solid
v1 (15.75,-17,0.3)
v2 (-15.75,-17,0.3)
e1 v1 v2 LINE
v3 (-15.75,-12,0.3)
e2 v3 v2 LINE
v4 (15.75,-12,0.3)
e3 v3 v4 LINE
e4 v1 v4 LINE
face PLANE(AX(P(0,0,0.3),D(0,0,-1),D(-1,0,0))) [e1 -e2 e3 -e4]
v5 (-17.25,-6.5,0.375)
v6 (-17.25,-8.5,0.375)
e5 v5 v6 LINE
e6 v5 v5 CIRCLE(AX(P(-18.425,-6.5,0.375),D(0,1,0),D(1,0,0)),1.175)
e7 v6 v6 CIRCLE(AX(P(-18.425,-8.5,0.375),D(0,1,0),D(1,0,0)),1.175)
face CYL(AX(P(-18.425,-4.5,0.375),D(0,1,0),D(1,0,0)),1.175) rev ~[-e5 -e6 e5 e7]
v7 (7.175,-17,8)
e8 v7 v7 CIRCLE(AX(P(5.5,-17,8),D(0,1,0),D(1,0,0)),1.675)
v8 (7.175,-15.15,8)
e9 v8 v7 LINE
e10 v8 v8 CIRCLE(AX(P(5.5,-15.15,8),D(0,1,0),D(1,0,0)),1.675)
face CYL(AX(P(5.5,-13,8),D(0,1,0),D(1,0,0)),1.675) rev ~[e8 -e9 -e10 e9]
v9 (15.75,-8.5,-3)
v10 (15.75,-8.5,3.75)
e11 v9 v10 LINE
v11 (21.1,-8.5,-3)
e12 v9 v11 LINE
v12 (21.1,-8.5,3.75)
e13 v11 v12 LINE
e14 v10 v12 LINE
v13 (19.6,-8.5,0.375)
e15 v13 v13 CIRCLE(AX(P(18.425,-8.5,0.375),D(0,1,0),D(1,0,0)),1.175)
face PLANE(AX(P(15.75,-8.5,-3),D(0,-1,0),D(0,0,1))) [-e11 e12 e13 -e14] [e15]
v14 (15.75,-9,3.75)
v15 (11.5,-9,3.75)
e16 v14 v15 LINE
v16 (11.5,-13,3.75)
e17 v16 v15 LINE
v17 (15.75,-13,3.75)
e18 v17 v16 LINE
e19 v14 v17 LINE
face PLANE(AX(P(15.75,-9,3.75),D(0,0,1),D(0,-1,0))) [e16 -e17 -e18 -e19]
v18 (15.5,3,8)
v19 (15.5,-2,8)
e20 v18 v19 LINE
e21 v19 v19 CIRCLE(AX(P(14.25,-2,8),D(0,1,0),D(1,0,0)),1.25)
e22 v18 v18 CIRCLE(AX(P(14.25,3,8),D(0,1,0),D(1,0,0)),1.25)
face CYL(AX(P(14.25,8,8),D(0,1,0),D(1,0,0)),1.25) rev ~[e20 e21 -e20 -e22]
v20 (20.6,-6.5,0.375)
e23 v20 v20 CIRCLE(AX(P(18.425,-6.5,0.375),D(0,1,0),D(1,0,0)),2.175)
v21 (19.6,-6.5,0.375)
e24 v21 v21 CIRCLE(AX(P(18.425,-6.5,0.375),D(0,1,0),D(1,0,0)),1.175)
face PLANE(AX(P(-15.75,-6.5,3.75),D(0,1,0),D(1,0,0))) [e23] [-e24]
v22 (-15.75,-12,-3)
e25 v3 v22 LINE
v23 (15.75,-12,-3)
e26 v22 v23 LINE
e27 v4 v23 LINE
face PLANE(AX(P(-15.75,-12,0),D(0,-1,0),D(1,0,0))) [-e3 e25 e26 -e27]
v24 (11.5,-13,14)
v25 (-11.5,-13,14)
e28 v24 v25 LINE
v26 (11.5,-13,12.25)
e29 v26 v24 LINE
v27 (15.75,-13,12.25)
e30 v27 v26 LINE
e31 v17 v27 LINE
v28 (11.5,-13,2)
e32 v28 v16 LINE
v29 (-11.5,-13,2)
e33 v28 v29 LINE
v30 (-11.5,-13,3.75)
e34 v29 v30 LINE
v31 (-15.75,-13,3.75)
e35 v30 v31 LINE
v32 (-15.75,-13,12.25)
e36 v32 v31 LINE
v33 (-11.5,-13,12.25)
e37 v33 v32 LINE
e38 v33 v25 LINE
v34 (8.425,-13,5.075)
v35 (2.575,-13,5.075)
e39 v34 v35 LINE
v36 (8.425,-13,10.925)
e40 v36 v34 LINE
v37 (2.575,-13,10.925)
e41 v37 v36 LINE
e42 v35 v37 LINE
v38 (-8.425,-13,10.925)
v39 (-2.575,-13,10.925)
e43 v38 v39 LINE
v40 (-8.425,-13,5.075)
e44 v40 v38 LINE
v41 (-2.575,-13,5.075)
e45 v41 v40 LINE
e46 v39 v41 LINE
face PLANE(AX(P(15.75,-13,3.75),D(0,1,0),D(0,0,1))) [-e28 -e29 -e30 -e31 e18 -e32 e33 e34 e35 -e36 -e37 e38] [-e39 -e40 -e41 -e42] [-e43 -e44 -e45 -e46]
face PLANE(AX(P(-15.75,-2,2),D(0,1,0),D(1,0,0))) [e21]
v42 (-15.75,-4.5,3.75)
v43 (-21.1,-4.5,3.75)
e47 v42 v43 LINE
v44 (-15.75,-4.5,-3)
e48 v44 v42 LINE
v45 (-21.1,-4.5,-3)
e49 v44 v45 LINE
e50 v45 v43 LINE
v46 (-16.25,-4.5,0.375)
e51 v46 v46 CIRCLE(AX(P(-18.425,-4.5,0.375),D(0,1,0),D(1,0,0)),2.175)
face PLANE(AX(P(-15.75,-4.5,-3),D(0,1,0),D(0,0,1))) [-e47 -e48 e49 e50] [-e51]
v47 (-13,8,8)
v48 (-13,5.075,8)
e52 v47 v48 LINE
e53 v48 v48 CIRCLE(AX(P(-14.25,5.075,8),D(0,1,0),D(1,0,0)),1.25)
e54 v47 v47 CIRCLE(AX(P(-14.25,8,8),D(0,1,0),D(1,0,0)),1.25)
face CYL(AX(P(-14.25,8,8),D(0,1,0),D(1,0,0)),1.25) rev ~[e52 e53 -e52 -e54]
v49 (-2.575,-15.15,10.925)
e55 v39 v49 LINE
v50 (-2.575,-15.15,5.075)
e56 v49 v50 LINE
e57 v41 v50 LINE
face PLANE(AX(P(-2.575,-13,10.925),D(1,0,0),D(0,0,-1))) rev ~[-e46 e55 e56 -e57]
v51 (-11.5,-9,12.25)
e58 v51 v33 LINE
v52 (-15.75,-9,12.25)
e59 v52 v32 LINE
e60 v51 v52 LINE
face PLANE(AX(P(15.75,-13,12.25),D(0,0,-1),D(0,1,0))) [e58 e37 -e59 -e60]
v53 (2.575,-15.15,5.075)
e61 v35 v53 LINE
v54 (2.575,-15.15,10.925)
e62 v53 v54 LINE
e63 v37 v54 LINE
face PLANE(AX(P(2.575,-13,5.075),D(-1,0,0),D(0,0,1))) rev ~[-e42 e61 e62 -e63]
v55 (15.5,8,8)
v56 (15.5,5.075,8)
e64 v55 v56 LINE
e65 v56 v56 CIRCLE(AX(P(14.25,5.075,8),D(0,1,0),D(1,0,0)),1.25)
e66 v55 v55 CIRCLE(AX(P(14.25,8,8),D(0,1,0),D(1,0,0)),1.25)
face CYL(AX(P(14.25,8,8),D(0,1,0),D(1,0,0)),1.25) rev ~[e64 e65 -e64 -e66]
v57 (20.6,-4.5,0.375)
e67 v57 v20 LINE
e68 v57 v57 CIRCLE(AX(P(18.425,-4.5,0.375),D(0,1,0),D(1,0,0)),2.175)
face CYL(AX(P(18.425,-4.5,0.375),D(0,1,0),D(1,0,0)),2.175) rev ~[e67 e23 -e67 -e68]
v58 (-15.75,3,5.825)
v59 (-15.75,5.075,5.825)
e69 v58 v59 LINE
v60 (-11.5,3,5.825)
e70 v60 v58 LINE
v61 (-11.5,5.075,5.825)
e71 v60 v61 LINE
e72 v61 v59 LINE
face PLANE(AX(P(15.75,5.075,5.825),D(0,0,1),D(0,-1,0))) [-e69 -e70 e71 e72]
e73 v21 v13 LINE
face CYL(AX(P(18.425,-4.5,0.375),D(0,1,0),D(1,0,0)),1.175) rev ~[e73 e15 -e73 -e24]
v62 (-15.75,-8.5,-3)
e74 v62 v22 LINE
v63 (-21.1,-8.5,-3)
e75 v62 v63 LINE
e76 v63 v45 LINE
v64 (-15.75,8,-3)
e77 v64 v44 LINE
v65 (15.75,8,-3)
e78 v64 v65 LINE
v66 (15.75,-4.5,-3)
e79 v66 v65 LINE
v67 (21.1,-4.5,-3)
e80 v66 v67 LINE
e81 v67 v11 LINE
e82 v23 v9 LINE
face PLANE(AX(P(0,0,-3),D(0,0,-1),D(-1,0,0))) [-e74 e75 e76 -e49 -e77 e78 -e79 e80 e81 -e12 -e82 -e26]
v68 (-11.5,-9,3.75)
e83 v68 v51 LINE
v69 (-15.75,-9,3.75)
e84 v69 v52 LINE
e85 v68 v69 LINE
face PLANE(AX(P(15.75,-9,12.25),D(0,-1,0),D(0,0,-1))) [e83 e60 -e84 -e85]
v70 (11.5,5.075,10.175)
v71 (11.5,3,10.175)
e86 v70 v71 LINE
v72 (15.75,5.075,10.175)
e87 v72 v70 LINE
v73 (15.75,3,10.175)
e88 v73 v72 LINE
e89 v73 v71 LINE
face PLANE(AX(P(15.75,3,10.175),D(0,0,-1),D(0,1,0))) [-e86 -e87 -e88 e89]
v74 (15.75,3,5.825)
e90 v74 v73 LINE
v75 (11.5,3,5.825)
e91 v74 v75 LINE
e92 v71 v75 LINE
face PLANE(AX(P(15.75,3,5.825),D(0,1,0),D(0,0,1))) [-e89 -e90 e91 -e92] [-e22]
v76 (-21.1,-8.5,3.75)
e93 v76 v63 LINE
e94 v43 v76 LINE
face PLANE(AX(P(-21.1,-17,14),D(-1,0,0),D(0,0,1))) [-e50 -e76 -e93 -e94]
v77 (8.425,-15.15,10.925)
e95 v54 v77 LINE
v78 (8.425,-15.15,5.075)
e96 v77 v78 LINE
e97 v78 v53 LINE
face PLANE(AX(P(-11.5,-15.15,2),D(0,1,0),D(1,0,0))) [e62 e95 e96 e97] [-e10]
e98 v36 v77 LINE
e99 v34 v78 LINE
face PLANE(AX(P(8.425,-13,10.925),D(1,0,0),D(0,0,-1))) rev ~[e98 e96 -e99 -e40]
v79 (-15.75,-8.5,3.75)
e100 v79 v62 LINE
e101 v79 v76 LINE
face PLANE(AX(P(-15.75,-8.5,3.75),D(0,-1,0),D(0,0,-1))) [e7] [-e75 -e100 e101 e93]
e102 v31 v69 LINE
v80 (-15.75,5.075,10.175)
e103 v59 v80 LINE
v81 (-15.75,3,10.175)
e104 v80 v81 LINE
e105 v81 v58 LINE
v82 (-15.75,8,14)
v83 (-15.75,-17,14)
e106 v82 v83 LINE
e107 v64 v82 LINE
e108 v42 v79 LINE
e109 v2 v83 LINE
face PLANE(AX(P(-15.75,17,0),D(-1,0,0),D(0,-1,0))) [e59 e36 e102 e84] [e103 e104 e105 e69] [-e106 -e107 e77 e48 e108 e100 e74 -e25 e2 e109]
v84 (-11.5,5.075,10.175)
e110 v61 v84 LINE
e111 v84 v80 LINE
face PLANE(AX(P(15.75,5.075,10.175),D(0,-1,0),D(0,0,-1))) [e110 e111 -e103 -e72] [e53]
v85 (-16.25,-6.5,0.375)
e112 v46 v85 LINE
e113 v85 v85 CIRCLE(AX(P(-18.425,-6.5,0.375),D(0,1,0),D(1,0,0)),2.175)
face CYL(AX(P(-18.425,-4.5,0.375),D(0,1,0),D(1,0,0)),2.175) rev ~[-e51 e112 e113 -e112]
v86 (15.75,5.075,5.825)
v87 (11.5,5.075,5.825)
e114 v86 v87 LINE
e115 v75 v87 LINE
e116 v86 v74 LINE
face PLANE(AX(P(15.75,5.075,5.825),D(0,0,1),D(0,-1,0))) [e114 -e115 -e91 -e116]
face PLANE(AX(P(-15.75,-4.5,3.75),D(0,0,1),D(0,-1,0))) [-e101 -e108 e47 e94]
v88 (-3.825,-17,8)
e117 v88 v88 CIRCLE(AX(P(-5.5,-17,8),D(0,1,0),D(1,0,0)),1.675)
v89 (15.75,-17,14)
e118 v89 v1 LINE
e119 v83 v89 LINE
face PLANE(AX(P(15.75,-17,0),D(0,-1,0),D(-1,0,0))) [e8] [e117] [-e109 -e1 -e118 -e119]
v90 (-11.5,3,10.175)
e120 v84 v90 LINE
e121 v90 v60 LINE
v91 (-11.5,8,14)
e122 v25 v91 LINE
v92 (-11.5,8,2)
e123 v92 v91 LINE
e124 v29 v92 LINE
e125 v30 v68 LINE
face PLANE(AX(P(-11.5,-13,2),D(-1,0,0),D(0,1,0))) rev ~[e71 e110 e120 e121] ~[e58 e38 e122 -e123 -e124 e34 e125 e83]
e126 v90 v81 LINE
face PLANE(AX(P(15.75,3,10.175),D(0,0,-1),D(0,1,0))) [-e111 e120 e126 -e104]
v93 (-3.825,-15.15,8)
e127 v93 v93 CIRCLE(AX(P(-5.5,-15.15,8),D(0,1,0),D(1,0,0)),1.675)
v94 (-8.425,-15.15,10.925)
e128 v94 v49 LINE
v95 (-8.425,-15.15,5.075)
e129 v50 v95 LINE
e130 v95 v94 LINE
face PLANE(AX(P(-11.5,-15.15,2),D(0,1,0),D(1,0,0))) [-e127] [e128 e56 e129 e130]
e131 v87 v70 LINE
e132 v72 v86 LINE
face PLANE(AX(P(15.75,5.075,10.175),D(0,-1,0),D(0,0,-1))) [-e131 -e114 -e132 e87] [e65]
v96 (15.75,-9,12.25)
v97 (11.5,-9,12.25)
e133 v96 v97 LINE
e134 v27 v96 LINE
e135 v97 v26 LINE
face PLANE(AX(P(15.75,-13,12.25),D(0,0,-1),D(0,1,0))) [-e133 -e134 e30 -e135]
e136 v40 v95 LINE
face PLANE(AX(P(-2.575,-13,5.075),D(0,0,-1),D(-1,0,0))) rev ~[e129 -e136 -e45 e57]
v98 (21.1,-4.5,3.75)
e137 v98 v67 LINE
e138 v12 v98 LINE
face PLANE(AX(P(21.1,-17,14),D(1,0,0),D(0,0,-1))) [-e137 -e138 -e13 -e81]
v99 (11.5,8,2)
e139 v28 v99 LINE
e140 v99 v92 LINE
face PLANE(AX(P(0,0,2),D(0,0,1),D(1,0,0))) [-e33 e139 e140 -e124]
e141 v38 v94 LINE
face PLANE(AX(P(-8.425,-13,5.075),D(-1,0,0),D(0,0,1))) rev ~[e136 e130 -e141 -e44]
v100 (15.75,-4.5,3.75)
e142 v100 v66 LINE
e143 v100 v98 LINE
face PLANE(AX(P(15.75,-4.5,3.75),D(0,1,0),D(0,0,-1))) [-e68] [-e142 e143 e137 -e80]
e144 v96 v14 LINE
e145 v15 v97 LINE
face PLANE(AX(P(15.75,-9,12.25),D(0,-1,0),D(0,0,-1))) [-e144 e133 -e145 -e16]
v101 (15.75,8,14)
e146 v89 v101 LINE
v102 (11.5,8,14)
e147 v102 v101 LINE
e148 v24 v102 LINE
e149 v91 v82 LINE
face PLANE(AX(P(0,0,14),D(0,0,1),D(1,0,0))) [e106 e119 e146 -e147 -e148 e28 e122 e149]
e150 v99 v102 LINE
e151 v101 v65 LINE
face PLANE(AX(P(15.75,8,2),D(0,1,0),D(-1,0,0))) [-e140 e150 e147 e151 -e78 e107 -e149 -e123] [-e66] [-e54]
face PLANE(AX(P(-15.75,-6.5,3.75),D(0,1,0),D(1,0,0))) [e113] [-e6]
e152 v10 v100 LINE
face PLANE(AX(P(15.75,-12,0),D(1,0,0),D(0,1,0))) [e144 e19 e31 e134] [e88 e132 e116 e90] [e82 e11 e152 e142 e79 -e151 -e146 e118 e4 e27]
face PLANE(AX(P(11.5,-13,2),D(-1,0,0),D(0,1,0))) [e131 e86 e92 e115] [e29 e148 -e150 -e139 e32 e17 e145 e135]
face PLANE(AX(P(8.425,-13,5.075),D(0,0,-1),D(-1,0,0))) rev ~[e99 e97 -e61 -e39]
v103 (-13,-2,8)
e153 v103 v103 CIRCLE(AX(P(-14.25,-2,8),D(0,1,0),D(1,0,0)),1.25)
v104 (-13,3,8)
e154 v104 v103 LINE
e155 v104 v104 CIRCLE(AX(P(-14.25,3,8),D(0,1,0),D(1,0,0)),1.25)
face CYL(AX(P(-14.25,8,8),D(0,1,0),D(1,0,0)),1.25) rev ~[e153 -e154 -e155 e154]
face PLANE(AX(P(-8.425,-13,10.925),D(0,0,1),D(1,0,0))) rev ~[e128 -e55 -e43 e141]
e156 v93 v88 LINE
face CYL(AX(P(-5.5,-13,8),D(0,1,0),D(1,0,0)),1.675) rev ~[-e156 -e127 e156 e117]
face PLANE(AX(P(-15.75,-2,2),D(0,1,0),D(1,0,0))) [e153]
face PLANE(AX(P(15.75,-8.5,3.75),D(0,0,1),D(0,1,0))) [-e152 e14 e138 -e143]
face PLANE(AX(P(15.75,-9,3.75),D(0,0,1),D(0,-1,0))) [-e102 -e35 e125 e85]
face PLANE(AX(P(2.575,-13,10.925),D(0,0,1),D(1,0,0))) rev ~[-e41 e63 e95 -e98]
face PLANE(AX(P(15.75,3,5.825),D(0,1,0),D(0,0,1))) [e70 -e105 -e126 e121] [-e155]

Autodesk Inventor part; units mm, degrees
ref_plane "YZ Plane" through (0, 0, 0) normal (1, 0, 0) x (0, 1, 0)
ref_plane "XZ Plane" through (0, 0, 0) normal (0, 1, 0) x (-1, 0, 0)
ref_plane "XY Plane" through (0, 0, 0) normal (0, 0, 1) x (1, 0, 0)
sketch "Sketch1" plane through (0, 0, 0) normal (0, 0, 1) x (1, 0, 0)
  line L0 (-15.75, 17) -> (15.75, 17)
  line L1 (15.75, 17) -> (15.75, -17)
  line L2 (15.75, -17) -> (-15.75, -17)
  line L3 (-15.75, -17) -> (-15.75, 17)
  point P0 (0, 0)
  point P1 (15.75, 0)
  point P2 (0, 17)
  dimension "d0" = 34
  dimension "d1" = 31.5
extrude "Extrusion1" add sketch "Sketch1" along normal blind 2
sketch "Sketch2" plane through (0, 0, 2) normal (0, 0, 1) x (1, 0, 0)
  line L0 (-11.5, 8) -> (-15.75, 8)
  line L1 (-15.75, 8) -> (-15.75, -13)
  line L2 (-15.75, -13) -> (-11.5, -13)
  line L3 (-11.5, -13) -> (-11.5, 8)
  line L4 (11.5, 8) -> (15.75, 8)
  line L5 (15.75, 8) -> (15.75, -13)
  line L6 (15.75, -13) -> (11.5, -13)
  line L7 (11.5, -13) -> (11.5, 8)
  line L8 (15.75, -13) -> (-15.75, -13)
  line L9 (-15.75, -13) -> (-15.75, -17)
  line L10 (-15.75, -17) -> (15.75, -17)
  line L11 (15.75, -17) -> (15.75, -13)
  line L12 (-15.75, 17) -> (-15.75, -17) projected
  line L13 (15.75, 17) -> (-15.75, 17) projected
  line L14 (15.75, -17) -> (15.75, 17) projected
  line L15 (-15.75, -17) -> (15.75, -17) projected
  point P0 (0, 0)
  dimension "d4" = 23
  dimension "d5" = 4
  dimension "d67" = 21
extrude "Extrusion2" add sketch "Sketch2" along normal blind 12 contours L3 L2 L1 L0 | L8 L6 L11 L10 L9 L2 | L7 L4 L5 L6
sketch "Sketch8" plane through (-11.5, -13, 2) normal (0, 1, 0) x (1, 0, 0)
  circle A0 centre (6, -6) radius 6 construction
  circle A1 centre (17, -6) radius 6 construction
  line L0 (0, 0) -> (0, -12) construction
  line L1 (23, -12) -> (0, -12) construction
  line L2 (0, 0) -> (23, 0) construction
  line L3 (23, 0) -> (23, -12) construction
  circle A2 centre (6, -6) radius 1.675
  circle A3 centre (17, -6) radius 1.675
  point P0 (11.5, 2)
  dimension "d29" = 3.35
extrude "Extrusion8" cut sketch "Sketch8" against normal through all
sketch "Sketch9" plane through (-11.5, -13, 2) normal (0, 1, 0) x (1, 0, 0)
  line L0 (3.075, -8.925) -> (8.925, -8.925)
  line L1 (8.925, -8.925) -> (8.925, -3.075)
  line L2 (8.925, -3.075) -> (3.075, -3.075)
  line L3 (3.075, -3.075) -> (3.075, -8.925)
  line L4 (14.075, -8.925) -> (19.925, -8.925)
  line L5 (19.925, -8.925) -> (19.925, -3.075)
  line L6 (19.925, -3.075) -> (14.075, -3.075)
  line L7 (14.075, -3.075) -> (14.075, -8.925)
  circle A0 centre (6, -6) radius 1.675 projected
  circle A1 centre (17, -6) radius 1.675 projected
  point P0 (11.5, 2)
  point P1 (6, -3.075)
  point P2 (17, -3.075)
  point P3 (3.075, -6)
  point P4 (14.075, -6)
  dimension "d32" = 5.85
extrude "Extrusion9" cut sketch "Sketch9" against normal blind 2.15
sketch "Sketch10" plane through (0, 0, 0) normal (0, 0, -1) x (-1, 0, 0)
  line L0 (-15.75, 17) -> (15.75, 17)
  line L1 (15.75, 17) -> (15.75, -12)
  line L2 (15.75, -12) -> (-15.75, -12)
  line L3 (-15.75, -12) -> (-15.75, 17)
  line L4 (-15.75, -17) -> (15.75, -17) projected
  line L5 (15.75, 17) -> (-15.75, 17) projected
  line L6 (-15.75, 17) -> (-15.75, -17) projected
  point P0 (0, 0)
  point P1 (0, 17)
  point P2 (15.75, 2.5)
  dimension "d36" = 29
extrude "Extrusion10" add sketch "Sketch10" along normal blind 3
sketch "Sketch16" plane through (15.75, -17, 14) normal (1, 0, 0) x (0, 0, -1)
  line L0 (1.75, 8) -> (10.25, 8)
  line L1 (10.25, 8) -> (10.25, 4)
  line L2 (10.25, 4) -> (1.75, 4)
  line L3 (1.75, 4) -> (1.75, 8)
  line L4 (12, 4) -> (0, 4) projected
  point P0 (14, 17)
  point P1 (6, 8)
  point P2 (6, 4)
  point P3 (6, 4)
  dimension "d62" = 8.5
  dimension "d63" = 4
extrude "Extrusion16" cut sketch "Sketch16" against normal through all
sketch "Sketch20" plane through (-15.75, 8, 2) normal (0, 1, 0) x (1, 0, 0)
  circle A0 centre (1.5, -6) radius 1.25
  circle A1 centre (30, -6) radius 1.25
  line L0 (4.25, -12) -> (0, -12) projected
  line L1 (4.25, 0) -> (4.25, -12) projected
  line L2 (27.25, 0) -> (27.25, -12) projected
  point P0 (15.75, 2)
  point P1 (4.25, -6)
  dimension "d90" = 2.5
  dimension "d92" = 1.5
  dimension "d93" = 1.5
extrude "Extrusion20" cut sketch "Sketch20" against normal blind 10
sketch "Sketch21" plane through (-15.75, -17, 14) normal (-1, 0, 0) x (0, 0, 1)
  line L0 (-17, 12.5) -> (-10.25, 12.5)
  line L1 (-10.25, 12.5) -> (-10.25, 8.5)
  line L2 (-10.25, 8.5) -> (-17, 8.5)
  line L3 (-17, 8.5) -> (-17, 12.5)
  line L4 (-14, 0) -> (0, 0) projected
  line L5 (-17, 5) -> (-17, 34) projected
  point P0 (-14, 17)
  point P1 (-17, 7)
  point P2 (-10.25, 8)
  dimension "d96" = 8.5
  dimension "d100" = 4
extrude "Extrusion21" add sketch "Sketch21" along normal blind 5.35
sketch "Sketch24" plane through (15.75, -17, 14) normal (1, 0, 0) x (0, 0, -1)
  line L0 (10.25, 12.5) -> (17, 12.5)
  line L1 (17, 12.5) -> (17, 8.5)
  line L2 (17, 8.5) -> (10.25, 8.5)
  line L3 (10.25, 8.5) -> (10.25, 12.5)
  line L4 (17, 34) -> (17, 5) projected
  line L5 (14, 0) -> (0, 0) projected
  point P0 (14, 17)
  point P1 (17, 7)
  point P2 (10.25, 8)
  dimension "d107" = 8.5
  dimension "d108" = 4
extrude "Extrusion24" add sketch "Sketch24" along normal blind 5.35
sketch "Sketch22" plane through (-15.75, -4.5, 3.75) normal (0, 1, 0) x (1, 0, 0)
  circle A0 centre (-2.675, 3.375) radius 1.175
  line L0 (-5.35, 0) -> (-5.35, 6.75) projected
  line L1 (0, 0) -> (-5.35, 0) projected
  circle A1 centre (34.175, 3.375) radius 1.175
  line L2 (31.5, 0) -> (36.85, 0) projected
  point P0 (15.75, 3.75)
  point P1 (-5.35, 3.375)
  point P2 (-2.675, 0)
  point P3 (34.175, 0)
  dimension "d101" = 2.35
extrude "Extrusion22" cut sketch "Sketch22" against normal through all
sketch "Sketch23" plane through (-15.75, -4.5, 3.75) normal (0, 1, 0) x (1, 0, 0)
  circle A0 centre (-2.675, 3.375) radius 2.175
  circle A1 centre (-2.675, 3.375) radius 1.175 projected
  circle A2 centre (34.175, 3.375) radius 2.175
  circle A3 centre (34.175, 3.375) radius 1.175 projected
  point P0 (15.75, 3.75)
  dimension "d104" = 4.35
extrude "Extrusion23" cut sketch "Sketch23" against normal blind 2
sketch "Sketch25" plane through (15.75, -17, 14) normal (1, 0, 0) x (0, 0, -1)
  line L0 (3.825, 22.075) -> (8.175, 22.075)
  line L1 (8.175, 22.075) -> (8.175, 20)
  line L2 (8.175, 20) -> (3.825, 20)
  line L3 (3.825, 20) -> (3.825, 22.075)
  line L4 (12, 25) -> (0, 25) projected
  point P0 (14, 17)
  point P1 (6, 25)
  point P2 (6, 22.075)
  dimension "d111" = 5
  dimension "d112" = 2.075
  dimension "d113" = 4.35
extrude "Extrusion25" cut sketch "Sketch25" against normal through all
sketch "Sketch26" plane through (0, 0, 2) normal (0, 0, 1) x (1, 0, 0)
  line L0 (-15.75, 17) -> (15.75, 17)
  line L1 (15.75, 17) -> (15.75, 8)
  line L2 (15.75, 8) -> (-15.75, 8)
  line L3 (-15.75, 8) -> (-15.75, 17)
  line L4 (11.5, 8) -> (15.75, 8) projected
  line L5 (15.75, 8) -> (15.75, 17) projected
  line L6 (-15.75, 17) -> (-15.75, 8) projected
  line L7 (15.75, 17) -> (-15.75, 17) projected
  point P0 (0, 0)
extrude "Extrusion26" cut sketch "Sketch26" against normal through all
sketch "Sketch27" plane through (0, 0, 0) normal (0, 0, -1) x (-1, 0, 0)
  line L0 (-15.75, -17) -> (15.75, -17) projected
  line L1 (15.75, -12) -> (-15.75, -12) projected
  line L2 (15.75, -17) -> (-15.75, -17)
  line L3 (-15.75, -17) -> (-15.75, -12)
  line L4 (-15.75, -12) -> (15.75, -12)
  line L5 (15.75, -12) -> (15.75, -17)
  point P0 (0, 0)
extrude "Extrusion27" cut sketch "Sketch27" against normal blind 0.3
equation "\"d1\" = servo_D"
equation "\"d4\" = servo_A"
equation "\"d5\" = bot_mat"
equation "\"d67\" = servo_E"
equation "\"d6\" = servo_B"
equation "\"d33\" = nut_B"
equation "\"d92\" = servo_L"
equation "\"d93\" = d92"
equation "\"d109\" = d97"
equation "\"d112\" = nut_B_1 + Tolerance"
equation "\"d113\" = nut_A_1"
equation "\"bot_mat\" = 4"
equation "\"servo_D\" = 31.5"
equation "\"servo_A\" = 23"
equation "\"servo_E\" = 21"
equation "\"servo_B\" = 12"
equation "\"nut_B\" = 2.15"
equation "\"servo_L\" = 1.5"
equation "\"d97\" = 5.35"
equation "\"nut_B_1\" = 1.725"
equation "\"Tolerance\" = 0.35"
equation "\"nut_A_1\" = 4.35"
properties part number "HIP"
